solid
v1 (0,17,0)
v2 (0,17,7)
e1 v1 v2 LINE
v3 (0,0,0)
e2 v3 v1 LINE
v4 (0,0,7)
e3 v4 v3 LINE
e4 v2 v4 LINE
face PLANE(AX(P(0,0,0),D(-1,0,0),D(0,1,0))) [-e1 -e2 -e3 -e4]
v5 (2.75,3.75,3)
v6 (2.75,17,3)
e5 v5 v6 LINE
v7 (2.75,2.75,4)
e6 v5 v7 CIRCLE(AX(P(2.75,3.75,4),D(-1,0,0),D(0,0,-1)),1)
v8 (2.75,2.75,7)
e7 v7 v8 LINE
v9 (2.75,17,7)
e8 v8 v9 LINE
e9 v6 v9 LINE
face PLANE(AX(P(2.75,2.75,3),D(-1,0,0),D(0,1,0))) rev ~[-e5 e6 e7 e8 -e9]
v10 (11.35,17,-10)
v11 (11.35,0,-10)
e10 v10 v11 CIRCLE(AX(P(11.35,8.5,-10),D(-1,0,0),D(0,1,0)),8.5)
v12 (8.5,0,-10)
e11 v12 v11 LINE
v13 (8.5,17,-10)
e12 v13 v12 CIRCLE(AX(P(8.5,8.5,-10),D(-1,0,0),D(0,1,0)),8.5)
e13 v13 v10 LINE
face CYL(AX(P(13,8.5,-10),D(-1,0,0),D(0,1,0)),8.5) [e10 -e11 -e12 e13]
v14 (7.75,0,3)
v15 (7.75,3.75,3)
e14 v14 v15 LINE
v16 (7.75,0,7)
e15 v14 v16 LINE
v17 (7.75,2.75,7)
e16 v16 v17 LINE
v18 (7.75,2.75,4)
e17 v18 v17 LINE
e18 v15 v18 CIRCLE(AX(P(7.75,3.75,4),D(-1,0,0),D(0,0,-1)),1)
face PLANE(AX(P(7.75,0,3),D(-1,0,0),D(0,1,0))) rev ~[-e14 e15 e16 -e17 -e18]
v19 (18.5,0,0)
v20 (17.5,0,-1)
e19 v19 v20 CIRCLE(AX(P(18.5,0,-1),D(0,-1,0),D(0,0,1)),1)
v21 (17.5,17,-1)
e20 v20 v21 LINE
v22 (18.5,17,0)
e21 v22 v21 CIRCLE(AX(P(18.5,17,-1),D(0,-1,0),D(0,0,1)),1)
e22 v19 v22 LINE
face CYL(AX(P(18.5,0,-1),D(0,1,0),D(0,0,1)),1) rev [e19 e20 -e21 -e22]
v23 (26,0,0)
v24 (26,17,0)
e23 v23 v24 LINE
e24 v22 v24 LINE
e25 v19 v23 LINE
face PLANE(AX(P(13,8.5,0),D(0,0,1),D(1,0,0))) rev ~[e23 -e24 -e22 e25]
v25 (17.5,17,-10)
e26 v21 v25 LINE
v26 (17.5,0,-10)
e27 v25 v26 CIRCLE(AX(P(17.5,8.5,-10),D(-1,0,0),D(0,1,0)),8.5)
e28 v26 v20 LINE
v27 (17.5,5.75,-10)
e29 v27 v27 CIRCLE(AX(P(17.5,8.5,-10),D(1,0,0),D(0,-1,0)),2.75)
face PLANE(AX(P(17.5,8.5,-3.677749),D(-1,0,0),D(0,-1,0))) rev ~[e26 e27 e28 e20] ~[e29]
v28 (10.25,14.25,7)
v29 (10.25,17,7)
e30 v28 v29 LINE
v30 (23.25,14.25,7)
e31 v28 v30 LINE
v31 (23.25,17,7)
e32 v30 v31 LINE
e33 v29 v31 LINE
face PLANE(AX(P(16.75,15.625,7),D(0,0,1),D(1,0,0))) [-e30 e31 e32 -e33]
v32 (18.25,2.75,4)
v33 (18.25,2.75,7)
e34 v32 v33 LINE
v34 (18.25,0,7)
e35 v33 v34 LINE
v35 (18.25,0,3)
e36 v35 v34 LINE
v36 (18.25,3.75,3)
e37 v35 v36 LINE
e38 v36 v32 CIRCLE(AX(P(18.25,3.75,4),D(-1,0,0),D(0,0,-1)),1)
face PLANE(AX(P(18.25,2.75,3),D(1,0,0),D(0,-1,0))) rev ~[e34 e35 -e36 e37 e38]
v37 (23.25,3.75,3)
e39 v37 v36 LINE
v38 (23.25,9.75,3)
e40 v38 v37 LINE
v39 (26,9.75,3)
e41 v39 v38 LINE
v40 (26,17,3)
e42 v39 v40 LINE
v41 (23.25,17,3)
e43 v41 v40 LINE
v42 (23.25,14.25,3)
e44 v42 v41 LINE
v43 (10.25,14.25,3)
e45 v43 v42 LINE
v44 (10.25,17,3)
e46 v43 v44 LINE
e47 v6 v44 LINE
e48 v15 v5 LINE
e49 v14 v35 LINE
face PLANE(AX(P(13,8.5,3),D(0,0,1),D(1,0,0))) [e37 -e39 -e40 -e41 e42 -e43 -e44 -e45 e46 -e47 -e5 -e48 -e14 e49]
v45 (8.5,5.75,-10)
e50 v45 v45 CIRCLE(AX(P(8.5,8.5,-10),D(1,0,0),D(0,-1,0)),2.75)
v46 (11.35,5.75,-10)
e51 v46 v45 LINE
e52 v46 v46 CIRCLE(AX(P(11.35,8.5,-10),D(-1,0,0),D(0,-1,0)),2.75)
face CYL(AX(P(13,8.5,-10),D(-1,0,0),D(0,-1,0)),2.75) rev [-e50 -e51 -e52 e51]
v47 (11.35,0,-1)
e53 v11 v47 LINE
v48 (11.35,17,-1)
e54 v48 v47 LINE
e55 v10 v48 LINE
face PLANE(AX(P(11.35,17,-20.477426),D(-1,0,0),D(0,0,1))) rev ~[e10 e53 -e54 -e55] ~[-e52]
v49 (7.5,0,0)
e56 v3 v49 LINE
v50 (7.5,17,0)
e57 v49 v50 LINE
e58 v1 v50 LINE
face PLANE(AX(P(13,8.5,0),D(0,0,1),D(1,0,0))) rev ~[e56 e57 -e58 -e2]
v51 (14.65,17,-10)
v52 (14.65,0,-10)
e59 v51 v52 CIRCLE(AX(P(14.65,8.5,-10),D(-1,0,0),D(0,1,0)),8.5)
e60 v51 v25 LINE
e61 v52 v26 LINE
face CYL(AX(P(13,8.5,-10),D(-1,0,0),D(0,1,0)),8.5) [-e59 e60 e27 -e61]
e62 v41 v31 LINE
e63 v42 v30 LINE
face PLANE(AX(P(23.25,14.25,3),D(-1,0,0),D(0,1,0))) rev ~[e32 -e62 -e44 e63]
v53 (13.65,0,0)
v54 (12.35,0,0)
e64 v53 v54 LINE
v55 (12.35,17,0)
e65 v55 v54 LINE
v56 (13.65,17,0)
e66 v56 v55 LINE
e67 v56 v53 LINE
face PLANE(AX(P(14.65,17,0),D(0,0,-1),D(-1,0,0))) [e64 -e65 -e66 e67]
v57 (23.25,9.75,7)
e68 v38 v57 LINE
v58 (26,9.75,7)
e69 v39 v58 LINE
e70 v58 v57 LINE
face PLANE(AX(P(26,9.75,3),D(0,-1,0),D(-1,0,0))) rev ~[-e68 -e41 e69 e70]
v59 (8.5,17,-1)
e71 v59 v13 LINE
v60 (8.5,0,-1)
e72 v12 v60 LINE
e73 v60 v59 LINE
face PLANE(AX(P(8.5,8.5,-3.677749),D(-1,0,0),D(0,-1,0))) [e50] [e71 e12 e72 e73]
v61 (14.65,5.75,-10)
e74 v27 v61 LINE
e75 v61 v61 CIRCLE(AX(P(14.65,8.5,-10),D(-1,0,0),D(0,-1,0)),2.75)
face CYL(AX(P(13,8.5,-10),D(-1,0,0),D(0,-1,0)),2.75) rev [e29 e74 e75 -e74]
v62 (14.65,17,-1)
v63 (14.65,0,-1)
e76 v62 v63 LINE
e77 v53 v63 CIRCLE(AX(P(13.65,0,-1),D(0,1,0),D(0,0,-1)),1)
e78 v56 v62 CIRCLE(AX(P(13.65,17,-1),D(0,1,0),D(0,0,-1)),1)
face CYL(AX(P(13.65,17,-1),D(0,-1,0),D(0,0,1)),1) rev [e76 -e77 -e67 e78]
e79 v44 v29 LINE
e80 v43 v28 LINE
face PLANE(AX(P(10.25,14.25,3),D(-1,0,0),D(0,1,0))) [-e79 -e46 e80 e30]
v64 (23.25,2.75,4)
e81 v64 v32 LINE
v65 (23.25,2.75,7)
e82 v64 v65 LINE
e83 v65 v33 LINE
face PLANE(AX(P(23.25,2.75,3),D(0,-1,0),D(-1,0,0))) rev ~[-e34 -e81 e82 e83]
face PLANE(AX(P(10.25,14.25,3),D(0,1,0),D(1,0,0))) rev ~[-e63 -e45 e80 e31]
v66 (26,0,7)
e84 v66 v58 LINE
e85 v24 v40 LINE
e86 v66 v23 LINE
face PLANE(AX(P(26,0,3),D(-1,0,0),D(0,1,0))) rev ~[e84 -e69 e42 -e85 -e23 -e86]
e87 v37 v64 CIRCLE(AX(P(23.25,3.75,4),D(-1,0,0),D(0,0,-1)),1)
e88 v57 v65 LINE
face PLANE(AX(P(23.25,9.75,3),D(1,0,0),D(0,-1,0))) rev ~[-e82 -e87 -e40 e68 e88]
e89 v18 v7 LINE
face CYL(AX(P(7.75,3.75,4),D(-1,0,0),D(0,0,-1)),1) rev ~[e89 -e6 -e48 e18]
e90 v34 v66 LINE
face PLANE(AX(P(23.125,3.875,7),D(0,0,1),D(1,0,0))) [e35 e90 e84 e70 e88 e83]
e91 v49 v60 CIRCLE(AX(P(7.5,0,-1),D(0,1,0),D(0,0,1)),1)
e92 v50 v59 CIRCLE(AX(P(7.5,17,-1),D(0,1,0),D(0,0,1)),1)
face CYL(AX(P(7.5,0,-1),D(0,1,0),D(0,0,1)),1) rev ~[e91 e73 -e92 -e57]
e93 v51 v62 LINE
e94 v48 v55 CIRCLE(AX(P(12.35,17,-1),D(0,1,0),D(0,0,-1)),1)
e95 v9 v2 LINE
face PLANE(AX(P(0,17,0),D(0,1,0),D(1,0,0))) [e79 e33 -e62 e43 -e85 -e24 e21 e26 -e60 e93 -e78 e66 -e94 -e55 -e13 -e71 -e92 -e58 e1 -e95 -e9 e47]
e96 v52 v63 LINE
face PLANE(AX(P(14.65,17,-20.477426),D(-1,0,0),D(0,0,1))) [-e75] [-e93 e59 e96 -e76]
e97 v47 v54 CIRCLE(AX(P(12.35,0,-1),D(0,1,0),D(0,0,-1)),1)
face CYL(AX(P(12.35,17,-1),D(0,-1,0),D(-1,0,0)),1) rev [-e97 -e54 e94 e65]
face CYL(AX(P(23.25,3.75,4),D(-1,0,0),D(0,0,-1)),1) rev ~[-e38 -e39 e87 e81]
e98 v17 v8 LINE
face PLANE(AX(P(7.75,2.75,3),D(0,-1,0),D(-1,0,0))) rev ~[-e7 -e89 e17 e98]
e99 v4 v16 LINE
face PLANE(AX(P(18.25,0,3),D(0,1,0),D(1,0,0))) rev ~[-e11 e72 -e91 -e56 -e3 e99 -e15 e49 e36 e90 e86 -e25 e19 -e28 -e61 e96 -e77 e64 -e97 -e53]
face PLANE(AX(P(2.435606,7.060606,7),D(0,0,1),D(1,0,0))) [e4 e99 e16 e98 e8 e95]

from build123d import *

# Parameters (mm, degrees)
F0_W     = 26
F0_H     = 17
F1_DEPTH = 3
F2_W     = 13
F2_H     = 2.75
F3_DEPTH = 4
F7_DEPTH = 4.5
F8_W     = 3.3
F8_H     = 20.4774261328
F9_DEPTH = 25
F10_R    = 1


with BuildPart() as f1:
    # F0 (on Top) → F1 (new body)
    with BuildSketch(Plane.XY):
        with Locations((13, 8.5)):
            Rectangle(F0_W, F0_H)
    extrude(amount=F1_DEPTH)

    # F2 (on face) → F3 (join)
    with BuildSketch(Plane.XY.offset(3)):
        Polygon((26, 0), (26, 9.75), (23.25, 9.75), (23.25, 2.75), (18.25, 2.75), (18.25, 0), align=None)
        with Locations((16.75, 15.625)):
            Rectangle(F2_W, F2_H)
        Polygon((2.75, 17), (0, 17), (0, 0), (7.75, 0), (7.75, 2.75), (2.75, 2.75), align=None)
    extrude(amount=F3_DEPTH)

    # F6 (on plane+point) → F7 (join, symmetric)
    with BuildSketch(Plane(origin=(13, 0, 0), x_dir=(0, -1, 0), z_dir=(-1, 0, 0))):
        with BuildLine():
            Line((0, -10), (0, 0))
            Line((0, 0), (-17, 0))
            Line((-17, 0), (-17, -10))
            ThreePointArc((-17, -10), (-8.5, -1.5), (0, -10))
        make_face()
        with BuildLine():
            ThreePointArc((-17, -10), (-8.5, -18.5), (0, -10))
            Line((0, -10), (-5.75, -10))
            ThreePointArc((-5.75, -10), (-8.5, -12.75), (-11.25, -10))
            Line((-11.25, -10), (-17, -10))
        make_face()
        with BuildLine():
            Line((-5.75, -10), (0, -10))
            ThreePointArc((0, -10), (-8.5, -1.5), (-17, -10))
            Line((-17, -10), (-11.25, -10))
            ThreePointArc((-11.25, -10), (-8.5, -7.25), (-5.75, -10))
        make_face()
    extrude(amount=F7_DEPTH, both=True)

    # F8 (on face) → F9 (cut)
    with BuildSketch(Plane(origin=(0, 17, 0), x_dir=(-1, 0, 0), z_dir=(0, 1, 0))):
        with Locations((-13, -10.2387130664)):
            Rectangle(F8_W, F8_H)
    extrude(amount=-F9_DEPTH, mode=Mode.SUBTRACT)

    # F10
    f10_edges = [f1.edges().sort_by_distance(p)[0] for p in [
        (20.75, 2.75, 3),
        (5.25, 2.75, 3),
        (8.5, 8.5, 0),
        (17.5, 8.5, 0),
        (14.65, 8.5, 0),
        (11.35, 8.5, 0),
    ]]
    fillet(f10_edges, radius=F10_R)


solid = f1.part
